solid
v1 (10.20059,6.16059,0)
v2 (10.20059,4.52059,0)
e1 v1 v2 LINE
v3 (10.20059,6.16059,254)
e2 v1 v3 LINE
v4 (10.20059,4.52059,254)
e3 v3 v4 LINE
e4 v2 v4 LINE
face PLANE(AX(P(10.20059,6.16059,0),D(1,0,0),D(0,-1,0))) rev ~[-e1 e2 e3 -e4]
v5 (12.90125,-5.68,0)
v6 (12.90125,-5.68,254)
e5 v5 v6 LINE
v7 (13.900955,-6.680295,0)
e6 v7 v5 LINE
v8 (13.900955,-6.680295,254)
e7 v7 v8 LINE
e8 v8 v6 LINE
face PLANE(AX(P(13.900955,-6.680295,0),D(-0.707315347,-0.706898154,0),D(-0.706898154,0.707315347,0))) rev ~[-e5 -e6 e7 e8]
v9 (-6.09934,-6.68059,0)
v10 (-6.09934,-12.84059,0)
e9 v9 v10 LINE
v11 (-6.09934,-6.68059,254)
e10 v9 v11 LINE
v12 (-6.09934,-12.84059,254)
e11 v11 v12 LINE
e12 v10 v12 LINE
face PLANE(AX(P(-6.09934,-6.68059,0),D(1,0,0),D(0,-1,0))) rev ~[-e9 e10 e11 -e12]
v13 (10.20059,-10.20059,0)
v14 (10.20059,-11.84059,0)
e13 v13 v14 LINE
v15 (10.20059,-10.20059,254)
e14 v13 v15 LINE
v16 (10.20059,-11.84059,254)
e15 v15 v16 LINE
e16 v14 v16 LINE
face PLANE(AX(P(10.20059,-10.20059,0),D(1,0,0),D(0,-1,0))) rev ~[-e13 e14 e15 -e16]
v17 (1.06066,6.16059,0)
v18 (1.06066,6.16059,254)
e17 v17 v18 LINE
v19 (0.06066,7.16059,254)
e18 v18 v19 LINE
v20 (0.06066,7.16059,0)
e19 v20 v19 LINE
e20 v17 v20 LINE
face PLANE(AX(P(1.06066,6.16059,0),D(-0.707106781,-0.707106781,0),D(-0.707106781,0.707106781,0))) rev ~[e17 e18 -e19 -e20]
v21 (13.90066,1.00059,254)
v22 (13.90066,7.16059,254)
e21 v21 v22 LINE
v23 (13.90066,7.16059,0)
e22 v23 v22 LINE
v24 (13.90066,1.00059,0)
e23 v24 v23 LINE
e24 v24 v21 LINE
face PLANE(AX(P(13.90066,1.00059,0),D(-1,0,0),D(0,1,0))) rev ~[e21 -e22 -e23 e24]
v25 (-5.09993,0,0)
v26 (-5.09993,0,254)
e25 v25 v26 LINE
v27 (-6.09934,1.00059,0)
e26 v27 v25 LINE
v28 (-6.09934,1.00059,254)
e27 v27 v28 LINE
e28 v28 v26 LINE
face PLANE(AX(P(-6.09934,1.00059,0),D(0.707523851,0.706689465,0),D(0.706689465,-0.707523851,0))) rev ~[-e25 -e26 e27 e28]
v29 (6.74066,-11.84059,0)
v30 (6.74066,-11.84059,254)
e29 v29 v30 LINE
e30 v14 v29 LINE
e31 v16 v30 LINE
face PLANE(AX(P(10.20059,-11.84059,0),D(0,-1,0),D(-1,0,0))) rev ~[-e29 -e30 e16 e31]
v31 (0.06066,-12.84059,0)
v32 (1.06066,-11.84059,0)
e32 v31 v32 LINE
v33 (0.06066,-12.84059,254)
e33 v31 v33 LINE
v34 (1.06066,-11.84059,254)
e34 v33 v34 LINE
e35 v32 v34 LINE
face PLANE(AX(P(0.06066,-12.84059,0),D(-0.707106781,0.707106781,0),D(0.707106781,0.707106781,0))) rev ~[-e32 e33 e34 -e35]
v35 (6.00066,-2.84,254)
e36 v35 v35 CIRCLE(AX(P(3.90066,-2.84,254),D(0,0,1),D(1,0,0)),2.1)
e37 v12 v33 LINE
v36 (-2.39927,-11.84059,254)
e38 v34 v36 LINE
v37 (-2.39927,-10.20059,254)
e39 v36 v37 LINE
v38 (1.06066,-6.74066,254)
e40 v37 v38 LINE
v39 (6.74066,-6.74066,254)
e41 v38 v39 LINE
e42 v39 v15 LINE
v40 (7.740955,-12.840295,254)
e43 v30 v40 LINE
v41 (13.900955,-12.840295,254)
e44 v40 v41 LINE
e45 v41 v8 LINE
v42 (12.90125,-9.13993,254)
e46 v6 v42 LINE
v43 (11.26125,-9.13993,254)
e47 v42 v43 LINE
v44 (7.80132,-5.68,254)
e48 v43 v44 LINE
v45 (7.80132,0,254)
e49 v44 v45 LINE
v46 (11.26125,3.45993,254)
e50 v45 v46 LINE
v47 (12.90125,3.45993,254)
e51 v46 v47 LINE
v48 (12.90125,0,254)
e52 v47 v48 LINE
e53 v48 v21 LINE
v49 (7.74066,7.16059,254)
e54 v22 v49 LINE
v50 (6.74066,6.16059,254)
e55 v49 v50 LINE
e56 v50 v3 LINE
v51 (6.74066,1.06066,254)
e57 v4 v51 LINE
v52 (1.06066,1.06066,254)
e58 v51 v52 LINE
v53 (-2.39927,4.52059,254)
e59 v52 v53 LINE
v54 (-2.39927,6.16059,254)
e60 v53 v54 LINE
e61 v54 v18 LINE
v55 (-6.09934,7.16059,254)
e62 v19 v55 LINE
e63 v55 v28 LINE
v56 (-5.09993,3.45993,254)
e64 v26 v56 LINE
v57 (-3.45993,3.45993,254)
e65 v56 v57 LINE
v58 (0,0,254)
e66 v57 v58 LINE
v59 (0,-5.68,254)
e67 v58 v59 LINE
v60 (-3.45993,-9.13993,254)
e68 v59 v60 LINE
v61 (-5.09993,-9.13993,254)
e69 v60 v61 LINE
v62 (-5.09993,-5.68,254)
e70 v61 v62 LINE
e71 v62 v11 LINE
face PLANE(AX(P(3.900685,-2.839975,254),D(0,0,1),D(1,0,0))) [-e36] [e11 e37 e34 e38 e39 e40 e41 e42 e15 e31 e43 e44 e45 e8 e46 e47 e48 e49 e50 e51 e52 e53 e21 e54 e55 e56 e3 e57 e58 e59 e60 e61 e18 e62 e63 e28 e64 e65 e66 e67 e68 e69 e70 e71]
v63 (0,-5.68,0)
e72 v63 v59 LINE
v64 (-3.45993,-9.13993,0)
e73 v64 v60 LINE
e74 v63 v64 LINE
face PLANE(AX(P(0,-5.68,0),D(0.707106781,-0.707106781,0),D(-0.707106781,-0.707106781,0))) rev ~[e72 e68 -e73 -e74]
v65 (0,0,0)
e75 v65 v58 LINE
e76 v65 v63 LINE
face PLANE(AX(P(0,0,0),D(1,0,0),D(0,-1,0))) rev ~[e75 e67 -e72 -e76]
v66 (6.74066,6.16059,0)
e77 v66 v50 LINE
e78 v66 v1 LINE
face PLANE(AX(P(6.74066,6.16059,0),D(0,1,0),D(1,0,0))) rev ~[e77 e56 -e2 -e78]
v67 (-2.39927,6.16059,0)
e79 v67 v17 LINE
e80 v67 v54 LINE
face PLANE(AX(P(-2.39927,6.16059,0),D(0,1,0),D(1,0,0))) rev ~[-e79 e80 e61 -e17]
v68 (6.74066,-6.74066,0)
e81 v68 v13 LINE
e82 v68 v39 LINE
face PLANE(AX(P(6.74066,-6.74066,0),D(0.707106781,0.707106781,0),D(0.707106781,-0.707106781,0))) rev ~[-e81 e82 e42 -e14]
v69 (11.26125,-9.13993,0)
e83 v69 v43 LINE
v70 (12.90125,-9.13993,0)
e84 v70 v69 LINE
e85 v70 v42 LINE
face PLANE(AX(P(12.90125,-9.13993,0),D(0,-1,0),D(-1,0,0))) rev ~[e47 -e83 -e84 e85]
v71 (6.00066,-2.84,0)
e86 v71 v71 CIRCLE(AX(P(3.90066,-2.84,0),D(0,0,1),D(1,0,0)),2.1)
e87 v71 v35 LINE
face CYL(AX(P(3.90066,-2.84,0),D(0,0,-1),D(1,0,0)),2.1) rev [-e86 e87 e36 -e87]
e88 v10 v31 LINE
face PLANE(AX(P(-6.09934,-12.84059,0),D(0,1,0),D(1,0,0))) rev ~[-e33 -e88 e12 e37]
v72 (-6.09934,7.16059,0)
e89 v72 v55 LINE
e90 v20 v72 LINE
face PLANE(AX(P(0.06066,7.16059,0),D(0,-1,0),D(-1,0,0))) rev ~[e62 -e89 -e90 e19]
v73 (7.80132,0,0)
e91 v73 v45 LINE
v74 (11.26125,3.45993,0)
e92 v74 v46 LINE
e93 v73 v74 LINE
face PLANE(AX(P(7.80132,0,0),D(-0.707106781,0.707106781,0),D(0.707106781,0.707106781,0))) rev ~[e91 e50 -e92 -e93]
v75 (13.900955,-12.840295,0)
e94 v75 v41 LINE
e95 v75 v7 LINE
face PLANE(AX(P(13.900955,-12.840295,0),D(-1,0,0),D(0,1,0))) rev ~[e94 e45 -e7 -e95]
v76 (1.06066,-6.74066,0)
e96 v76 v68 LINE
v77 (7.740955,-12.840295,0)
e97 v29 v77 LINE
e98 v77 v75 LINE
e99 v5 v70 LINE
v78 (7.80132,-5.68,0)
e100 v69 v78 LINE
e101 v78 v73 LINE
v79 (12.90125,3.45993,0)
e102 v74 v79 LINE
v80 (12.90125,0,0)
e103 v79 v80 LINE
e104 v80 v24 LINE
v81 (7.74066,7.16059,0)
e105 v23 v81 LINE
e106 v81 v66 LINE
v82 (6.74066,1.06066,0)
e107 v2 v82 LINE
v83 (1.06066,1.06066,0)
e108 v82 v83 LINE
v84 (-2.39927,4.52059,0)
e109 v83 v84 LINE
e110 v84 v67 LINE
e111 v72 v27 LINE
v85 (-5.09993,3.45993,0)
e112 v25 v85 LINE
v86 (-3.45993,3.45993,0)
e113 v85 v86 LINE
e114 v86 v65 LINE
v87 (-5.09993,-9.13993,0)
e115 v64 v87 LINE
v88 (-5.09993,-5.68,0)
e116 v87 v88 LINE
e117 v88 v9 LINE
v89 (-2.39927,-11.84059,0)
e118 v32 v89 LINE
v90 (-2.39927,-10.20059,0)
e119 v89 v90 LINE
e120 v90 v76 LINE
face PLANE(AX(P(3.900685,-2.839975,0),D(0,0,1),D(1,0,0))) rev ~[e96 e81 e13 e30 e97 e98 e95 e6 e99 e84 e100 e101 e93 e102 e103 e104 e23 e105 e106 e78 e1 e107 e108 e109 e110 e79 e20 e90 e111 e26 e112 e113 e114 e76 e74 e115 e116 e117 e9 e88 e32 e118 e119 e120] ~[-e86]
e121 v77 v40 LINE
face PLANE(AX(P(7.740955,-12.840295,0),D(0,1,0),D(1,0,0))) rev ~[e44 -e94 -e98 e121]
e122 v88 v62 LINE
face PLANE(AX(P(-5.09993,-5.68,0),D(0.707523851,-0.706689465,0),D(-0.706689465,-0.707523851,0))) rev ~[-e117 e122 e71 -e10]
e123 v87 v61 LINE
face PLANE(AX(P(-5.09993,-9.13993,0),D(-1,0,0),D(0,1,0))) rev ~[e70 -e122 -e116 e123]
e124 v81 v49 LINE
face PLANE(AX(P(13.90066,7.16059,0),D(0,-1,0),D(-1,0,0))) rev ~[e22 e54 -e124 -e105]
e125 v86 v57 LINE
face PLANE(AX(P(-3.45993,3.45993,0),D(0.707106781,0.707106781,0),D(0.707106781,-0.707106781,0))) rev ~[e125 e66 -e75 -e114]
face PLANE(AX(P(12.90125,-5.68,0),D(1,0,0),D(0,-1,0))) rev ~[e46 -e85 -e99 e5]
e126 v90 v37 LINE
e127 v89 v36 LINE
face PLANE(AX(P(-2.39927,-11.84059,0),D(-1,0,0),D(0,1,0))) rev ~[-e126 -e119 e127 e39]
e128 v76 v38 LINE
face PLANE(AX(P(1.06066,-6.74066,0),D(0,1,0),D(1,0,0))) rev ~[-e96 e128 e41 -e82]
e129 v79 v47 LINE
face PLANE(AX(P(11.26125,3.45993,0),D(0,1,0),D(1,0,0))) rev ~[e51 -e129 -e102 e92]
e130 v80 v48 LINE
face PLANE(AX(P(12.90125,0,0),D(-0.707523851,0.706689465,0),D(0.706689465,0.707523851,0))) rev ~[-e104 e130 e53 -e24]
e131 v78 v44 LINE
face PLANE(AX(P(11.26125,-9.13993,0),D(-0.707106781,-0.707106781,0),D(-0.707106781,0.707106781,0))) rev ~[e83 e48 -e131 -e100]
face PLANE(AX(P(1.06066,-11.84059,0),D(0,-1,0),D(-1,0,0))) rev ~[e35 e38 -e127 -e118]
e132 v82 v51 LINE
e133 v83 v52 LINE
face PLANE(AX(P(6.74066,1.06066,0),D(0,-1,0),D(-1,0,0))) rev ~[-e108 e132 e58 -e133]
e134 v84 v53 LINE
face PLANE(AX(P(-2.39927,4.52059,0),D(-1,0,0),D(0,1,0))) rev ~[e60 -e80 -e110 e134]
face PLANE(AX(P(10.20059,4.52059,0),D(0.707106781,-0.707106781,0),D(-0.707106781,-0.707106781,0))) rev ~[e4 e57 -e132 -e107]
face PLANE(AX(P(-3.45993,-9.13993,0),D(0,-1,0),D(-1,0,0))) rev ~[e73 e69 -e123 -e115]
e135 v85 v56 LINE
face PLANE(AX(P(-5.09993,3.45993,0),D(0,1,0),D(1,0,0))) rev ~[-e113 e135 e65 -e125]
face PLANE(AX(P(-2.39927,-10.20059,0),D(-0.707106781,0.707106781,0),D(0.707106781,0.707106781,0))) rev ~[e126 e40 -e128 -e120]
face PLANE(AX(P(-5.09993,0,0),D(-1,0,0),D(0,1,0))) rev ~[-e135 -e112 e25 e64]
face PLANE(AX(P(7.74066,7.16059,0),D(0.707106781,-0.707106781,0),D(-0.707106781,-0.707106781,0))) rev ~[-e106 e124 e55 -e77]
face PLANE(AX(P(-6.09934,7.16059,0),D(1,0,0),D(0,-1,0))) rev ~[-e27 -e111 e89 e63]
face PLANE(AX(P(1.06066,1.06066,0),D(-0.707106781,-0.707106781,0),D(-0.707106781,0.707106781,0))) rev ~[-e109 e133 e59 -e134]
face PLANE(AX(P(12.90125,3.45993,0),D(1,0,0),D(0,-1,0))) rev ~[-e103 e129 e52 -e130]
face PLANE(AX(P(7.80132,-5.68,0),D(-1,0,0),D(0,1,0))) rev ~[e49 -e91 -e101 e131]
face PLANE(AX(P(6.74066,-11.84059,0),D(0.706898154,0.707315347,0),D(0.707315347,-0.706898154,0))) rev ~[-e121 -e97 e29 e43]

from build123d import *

# Parameters (mm, degrees)
F0_R     = 2.1
F1_DEPTH = 254


with BuildPart() as f1:
    # F0 (on Top) → F1 (new body)
    with BuildSketch(Plane.XY):
        Polygon((-3.45993, 3.45993), (0, 0), (0, -5.68), (-3.45993, -9.13993), (-5.09993, -9.13993), (-5.09993, -5.68), (-6.09934, -6.68059), (-6.09934, -12.84059), (0.06066, -12.84059), (1.06066, -11.84059), (-2.39927, -11.84059), (-2.39927, -10.20059), (1.06066, -6.74066), (6.74066, -6.74066), (10.20059, -10.20059), (10.20059, -11.84059), (6.74066, -11.84059), (7.740955, -12.840295), (13.900955, -12.840295), (13.900955, -6.680295), (12.90125, -5.68), (12.90125, -9.13993), (11.26125, -9.13993), (7.80132, -5.68), (7.80132, 0), (11.26125, 3.45993), (12.90125, 3.45993), (12.90125, 0), (13.90066, 1.00059), (13.90066, 7.16059), (7.74066, 7.16059), (6.74066, 6.16059), (10.20059, 6.16059), (10.20059, 4.52059), (6.74066, 1.06066), (1.06066, 1.06066), (-2.39927, 4.52059), (-2.39927, 6.16059), (1.06066, 6.16059), (0.06066, 7.16059), (-6.09934, 7.16059), (-6.09934, 1.00059), (-5.09993, 0), (-5.09993, 3.45993), align=None)
        with Locations((3.90066, -2.84)):
            Circle(F0_R, mode=Mode.SUBTRACT)
    extrude(amount=F1_DEPTH)


solid = f1.part
